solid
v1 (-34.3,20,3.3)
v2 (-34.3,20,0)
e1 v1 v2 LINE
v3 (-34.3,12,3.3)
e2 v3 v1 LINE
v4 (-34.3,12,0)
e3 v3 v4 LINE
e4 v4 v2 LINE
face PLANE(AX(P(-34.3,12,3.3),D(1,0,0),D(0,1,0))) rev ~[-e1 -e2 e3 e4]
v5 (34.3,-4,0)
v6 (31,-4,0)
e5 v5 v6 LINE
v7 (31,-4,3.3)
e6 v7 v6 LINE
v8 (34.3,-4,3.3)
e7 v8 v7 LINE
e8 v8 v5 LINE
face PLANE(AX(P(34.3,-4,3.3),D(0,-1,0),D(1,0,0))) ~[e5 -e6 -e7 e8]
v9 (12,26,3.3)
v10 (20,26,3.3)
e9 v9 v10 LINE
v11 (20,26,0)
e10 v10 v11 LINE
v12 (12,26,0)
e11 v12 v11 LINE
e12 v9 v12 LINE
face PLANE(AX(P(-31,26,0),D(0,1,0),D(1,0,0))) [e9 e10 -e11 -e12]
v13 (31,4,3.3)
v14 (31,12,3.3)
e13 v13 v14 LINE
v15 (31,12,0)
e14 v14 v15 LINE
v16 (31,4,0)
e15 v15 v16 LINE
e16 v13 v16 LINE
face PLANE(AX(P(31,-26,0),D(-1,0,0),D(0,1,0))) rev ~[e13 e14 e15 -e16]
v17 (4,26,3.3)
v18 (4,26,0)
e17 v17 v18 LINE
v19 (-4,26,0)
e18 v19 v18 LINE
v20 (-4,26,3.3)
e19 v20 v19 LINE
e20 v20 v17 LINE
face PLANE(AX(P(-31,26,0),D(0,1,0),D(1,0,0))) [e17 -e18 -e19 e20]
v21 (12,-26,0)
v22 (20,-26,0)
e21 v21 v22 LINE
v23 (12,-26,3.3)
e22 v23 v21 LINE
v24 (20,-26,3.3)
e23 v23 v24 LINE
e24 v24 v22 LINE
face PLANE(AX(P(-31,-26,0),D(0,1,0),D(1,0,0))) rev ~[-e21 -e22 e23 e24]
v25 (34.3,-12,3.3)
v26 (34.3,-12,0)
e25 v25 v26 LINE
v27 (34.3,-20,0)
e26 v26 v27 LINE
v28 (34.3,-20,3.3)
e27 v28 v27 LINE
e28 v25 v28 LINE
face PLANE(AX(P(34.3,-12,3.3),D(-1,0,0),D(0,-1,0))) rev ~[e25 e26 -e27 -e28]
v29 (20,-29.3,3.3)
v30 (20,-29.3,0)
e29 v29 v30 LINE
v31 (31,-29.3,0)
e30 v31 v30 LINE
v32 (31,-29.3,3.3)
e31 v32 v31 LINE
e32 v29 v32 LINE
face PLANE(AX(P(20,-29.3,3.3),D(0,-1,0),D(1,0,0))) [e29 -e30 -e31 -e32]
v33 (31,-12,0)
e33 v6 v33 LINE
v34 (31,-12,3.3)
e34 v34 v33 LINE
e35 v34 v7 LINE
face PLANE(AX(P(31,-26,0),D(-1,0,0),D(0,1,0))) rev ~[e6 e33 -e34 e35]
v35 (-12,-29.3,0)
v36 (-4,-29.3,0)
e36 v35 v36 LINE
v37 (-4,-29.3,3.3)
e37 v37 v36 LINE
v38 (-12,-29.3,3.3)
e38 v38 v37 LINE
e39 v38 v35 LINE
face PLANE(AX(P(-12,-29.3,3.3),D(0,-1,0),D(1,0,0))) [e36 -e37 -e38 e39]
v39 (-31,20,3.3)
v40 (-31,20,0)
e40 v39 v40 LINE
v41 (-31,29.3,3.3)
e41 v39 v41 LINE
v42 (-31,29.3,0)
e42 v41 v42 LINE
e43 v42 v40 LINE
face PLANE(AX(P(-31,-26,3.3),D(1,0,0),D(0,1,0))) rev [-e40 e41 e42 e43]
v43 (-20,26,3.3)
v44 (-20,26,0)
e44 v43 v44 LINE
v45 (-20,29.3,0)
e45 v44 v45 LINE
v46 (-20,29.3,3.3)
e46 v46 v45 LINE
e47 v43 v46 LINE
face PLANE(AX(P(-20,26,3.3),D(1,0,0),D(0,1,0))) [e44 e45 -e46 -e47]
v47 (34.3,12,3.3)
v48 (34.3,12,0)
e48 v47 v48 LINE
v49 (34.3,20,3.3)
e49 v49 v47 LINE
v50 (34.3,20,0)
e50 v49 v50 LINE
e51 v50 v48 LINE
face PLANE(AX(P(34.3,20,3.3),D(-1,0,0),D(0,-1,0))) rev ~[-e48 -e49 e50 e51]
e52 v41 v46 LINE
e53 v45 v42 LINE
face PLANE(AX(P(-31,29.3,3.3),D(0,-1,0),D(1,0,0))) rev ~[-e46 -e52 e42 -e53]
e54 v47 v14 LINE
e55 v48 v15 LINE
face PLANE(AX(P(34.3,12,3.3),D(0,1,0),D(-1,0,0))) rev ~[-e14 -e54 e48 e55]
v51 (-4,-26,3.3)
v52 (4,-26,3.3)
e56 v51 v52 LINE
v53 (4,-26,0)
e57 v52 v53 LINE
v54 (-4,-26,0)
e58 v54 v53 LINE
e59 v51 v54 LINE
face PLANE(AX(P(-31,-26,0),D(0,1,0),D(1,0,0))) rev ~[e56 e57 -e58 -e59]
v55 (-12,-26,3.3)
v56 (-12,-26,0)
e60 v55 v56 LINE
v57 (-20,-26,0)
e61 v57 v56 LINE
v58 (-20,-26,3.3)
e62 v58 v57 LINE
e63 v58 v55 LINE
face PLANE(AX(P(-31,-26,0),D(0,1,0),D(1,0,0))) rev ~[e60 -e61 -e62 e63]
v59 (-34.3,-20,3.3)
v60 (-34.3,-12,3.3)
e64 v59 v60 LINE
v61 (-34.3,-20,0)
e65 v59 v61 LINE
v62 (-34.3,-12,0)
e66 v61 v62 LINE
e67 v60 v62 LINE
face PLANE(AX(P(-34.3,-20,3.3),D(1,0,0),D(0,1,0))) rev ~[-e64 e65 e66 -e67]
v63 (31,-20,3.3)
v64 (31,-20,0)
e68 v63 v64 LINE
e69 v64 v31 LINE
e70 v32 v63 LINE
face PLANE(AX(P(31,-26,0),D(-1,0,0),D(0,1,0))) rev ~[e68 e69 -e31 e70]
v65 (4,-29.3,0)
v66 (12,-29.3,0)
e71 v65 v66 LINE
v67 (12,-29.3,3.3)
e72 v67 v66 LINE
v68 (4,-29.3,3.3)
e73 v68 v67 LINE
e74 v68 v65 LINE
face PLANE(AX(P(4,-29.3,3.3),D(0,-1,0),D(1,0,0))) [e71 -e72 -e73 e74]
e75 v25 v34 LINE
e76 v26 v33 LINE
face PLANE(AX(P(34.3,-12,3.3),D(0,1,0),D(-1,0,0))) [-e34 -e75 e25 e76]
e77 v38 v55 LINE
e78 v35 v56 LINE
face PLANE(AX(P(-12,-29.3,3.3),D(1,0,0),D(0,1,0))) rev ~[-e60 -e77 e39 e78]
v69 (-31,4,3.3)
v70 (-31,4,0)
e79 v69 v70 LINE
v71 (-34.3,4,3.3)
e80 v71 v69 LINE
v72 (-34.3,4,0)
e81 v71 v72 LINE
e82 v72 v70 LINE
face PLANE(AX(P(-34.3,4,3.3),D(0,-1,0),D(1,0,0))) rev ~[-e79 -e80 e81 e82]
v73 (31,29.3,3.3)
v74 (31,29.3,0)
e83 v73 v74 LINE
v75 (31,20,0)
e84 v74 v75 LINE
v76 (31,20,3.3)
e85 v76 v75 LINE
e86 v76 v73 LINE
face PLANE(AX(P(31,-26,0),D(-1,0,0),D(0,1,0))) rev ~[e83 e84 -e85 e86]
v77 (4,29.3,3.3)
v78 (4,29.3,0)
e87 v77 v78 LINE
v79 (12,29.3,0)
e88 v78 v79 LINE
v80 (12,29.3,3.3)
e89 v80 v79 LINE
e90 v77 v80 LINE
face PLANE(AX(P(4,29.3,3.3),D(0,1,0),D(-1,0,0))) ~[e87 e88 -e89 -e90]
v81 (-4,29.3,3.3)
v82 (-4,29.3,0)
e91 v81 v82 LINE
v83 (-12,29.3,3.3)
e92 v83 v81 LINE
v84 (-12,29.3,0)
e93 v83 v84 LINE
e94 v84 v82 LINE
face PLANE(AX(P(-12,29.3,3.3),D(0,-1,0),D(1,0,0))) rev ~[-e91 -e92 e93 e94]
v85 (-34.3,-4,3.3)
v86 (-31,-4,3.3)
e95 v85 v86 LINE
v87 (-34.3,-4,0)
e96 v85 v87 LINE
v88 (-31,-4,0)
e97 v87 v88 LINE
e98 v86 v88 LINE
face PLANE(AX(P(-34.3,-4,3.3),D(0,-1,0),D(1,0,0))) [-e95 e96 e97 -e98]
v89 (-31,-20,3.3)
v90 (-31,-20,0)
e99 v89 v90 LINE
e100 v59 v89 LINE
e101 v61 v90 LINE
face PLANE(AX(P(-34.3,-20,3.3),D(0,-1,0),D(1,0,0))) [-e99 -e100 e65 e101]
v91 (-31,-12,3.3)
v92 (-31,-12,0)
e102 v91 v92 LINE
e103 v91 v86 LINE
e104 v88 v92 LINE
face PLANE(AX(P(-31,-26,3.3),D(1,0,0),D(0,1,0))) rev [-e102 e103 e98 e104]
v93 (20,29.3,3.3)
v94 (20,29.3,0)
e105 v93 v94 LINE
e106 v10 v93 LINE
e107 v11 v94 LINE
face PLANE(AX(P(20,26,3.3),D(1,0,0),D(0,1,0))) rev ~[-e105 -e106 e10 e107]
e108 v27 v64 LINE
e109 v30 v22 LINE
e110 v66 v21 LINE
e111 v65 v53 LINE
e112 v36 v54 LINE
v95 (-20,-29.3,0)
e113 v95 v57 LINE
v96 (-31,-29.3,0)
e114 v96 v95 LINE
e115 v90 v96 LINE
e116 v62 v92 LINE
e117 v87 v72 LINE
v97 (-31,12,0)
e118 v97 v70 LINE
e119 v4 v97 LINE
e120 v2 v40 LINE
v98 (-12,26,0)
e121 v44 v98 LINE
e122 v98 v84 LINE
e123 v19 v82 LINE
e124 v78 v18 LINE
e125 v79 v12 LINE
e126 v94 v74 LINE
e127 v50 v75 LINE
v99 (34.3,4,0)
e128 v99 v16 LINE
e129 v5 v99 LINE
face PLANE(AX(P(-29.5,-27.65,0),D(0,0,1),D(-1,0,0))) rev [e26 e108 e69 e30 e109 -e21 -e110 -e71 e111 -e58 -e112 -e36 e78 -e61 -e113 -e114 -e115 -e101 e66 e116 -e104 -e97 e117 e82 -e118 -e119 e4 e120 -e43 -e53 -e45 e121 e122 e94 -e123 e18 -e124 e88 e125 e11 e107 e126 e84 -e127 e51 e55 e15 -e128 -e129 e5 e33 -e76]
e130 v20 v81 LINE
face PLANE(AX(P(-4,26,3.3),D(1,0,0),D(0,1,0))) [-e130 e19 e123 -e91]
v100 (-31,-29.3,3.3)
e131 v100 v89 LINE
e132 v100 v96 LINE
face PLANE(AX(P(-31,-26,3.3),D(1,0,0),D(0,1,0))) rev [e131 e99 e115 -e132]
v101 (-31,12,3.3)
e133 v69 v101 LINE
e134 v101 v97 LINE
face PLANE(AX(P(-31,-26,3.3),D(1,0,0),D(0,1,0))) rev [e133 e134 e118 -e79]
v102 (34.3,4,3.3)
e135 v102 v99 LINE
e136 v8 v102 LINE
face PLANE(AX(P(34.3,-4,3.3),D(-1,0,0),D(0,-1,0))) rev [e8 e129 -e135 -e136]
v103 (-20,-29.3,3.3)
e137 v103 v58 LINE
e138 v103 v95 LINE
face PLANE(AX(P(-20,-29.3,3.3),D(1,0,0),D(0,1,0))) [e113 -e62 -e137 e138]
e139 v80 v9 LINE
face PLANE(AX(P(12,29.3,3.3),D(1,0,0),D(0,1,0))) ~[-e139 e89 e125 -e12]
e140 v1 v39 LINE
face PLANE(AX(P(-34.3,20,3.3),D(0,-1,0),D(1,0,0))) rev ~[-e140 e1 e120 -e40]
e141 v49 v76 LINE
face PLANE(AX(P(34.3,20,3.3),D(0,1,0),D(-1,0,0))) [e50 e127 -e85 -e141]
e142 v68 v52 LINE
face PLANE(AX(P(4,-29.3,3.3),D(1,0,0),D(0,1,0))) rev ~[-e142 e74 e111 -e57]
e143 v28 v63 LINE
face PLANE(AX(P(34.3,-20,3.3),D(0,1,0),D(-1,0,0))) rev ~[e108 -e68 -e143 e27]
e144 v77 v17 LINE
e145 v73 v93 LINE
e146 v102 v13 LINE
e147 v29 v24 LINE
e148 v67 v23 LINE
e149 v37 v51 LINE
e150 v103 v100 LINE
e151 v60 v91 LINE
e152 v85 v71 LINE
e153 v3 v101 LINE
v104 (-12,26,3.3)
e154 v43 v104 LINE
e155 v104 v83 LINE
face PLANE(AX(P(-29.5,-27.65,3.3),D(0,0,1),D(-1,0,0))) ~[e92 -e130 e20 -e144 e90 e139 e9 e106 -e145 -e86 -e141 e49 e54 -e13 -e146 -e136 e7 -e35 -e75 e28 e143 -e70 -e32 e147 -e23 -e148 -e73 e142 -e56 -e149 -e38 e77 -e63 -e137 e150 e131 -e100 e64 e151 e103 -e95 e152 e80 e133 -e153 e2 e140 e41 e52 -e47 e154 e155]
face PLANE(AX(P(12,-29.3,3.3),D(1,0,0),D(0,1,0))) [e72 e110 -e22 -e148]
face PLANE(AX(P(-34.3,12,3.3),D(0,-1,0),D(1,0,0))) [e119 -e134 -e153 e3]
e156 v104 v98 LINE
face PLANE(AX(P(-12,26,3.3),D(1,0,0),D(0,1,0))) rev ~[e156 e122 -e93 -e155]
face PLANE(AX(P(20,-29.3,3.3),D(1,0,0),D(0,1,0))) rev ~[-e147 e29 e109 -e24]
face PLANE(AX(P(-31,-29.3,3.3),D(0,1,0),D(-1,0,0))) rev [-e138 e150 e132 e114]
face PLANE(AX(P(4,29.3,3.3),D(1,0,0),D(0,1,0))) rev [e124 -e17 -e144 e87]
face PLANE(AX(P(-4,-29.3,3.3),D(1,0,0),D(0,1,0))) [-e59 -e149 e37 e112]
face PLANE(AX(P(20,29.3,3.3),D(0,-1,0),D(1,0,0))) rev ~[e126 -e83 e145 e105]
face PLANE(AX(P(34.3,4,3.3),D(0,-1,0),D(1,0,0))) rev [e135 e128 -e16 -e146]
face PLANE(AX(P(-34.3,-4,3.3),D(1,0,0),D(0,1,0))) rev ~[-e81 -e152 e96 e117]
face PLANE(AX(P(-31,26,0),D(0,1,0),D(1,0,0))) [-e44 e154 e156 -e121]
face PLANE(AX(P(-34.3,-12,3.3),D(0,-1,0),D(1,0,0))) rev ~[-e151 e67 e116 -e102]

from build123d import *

# Parameters (mm, degrees)
ESQUISSE1_W                    = 62
ESQUISSE1_H                    = 52
BOSS_EXTRU_1_DEPTH             = 3.3
ESQUISSE2_W                    = 8
ESQUISSE2_H                    = 3.3
BOSS_EXTRU_2_DEPTH             = 3.3
R_P_TITION_LIN_AIRE1_COUNT     = 2
R_P_TITION_LIN_AIRE1_PITCH     = 16
R_P_TITION_LIN_AIRE1_COL_COUNT = 3
R_P_TITION_LIN_AIRE1_COL_PITCH = 16
SYM_TRIE1_COPY_1_SKETCH_W      = 8
SYM_TRIE1_COPY_1_SKETCH_H      = 3.3
SYM_TRIE1_COPY_1_DEPTH         = 3.3
SYM_TRIE1_COPY_2_SKETCH_W      = 8
SYM_TRIE1_COPY_2_SKETCH_H      = 3.3
SYM_TRIE1_COPY_2_DEPTH         = 3.3
SYM_TRIE1_COPY_3_SKETCH_W      = 8
SYM_TRIE1_COPY_3_SKETCH_H      = 3.3
SYM_TRIE1_COPY_3_DEPTH         = 3.3
ESQUISSE3_W                    = 3
ESQUISSE3_H                    = 3.3
BOSS_EXTRU_3_DEPTH             = 3.3
ESQUISSE4_W                    = 3.3
ESQUISSE4_H                    = 8
BOSS_EXTRU_4_DEPTH             = 3.3
R_P_TITION_LIN_AIRE2_COUNT     = 2
R_P_TITION_LIN_AIRE2_PITCH     = 16
R_P_TITION_LIN_AIRE2_COL_COUNT = 2
R_P_TITION_LIN_AIRE2_COL_PITCH = 16
SYM_TRIE3_COPY_1_SKETCH_W      = 3.3
SYM_TRIE3_COPY_1_SKETCH_H      = 8
SYM_TRIE3_COPY_1_DEPTH         = 3.3
SYM_TRIE3_COPY_2_SKETCH_W      = 3.3
SYM_TRIE3_COPY_2_SKETCH_H      = 8
SYM_TRIE3_COPY_2_DEPTH         = 3.3


with BuildPart() as part:
    # Esquisse1 → Boss.-Extru.1 (new body)
    with BuildSketch(Plane.XY):
        Rectangle(ESQUISSE1_W, ESQUISSE1_H)
    extrude(amount=BOSS_EXTRU_1_DEPTH)

    # Esquisse2 → Boss.-Extru.2 (add)
    with BuildSketch(Plane.XY.offset(3.3)):
        with Locations((8, -27.65)):
            Rectangle(ESQUISSE2_W, ESQUISSE2_H)
    boss_extru_2 = extrude(amount=-BOSS_EXTRU_2_DEPTH)

    # Répétition linéaire1: Boss.-Extru.2 ×2
    with Locations(*[(i * R_P_TITION_LIN_AIRE1_PITCH, 0, 0) for i in range(1, R_P_TITION_LIN_AIRE1_COUNT)]):
        add(boss_extru_2)

    # Répétition linéaire1 col: Boss.-Extru.2 ×3
    with Locations(*[(-i * R_P_TITION_LIN_AIRE1_COL_PITCH, 0, 0) for i in range(1, R_P_TITION_LIN_AIRE1_COL_COUNT)]):
        add(boss_extru_2)

    # Symétrie1: Boss.-Extru.2 across plane
    add(boss_extru_2.mirror(Plane.ZX))

    # Symétrie1 copy 1 sketch → Symétrie1 copy 1 (add)
    with BuildSketch(Plane(origin=(16, 0, 3.3), x_dir=(1, 0, 0), z_dir=(0, 0, 1))):
        with Locations((8, 27.65)):
            Rectangle(SYM_TRIE1_COPY_1_SKETCH_W, SYM_TRIE1_COPY_1_SKETCH_H)
    extrude(amount=-SYM_TRIE1_COPY_1_DEPTH)

    # Symétrie1 copy 2 sketch → Symétrie1 copy 2 (add)
    with BuildSketch(Plane(origin=(-16, 0, 3.3), x_dir=(1, 0, 0), z_dir=(0, 0, 1))):
        with Locations((8, 27.65)):
            Rectangle(SYM_TRIE1_COPY_2_SKETCH_W, SYM_TRIE1_COPY_2_SKETCH_H)
    extrude(amount=-SYM_TRIE1_COPY_2_DEPTH)

    # Symétrie1 copy 3 sketch → Symétrie1 copy 3 (add)
    with BuildSketch(Plane(origin=(-32, 0, 3.3), x_dir=(1, 0, 0), z_dir=(0, 0, 1))):
        with Locations((8, 27.65)):
            Rectangle(SYM_TRIE1_COPY_3_SKETCH_W, SYM_TRIE1_COPY_3_SKETCH_H)
    extrude(amount=-SYM_TRIE1_COPY_3_DEPTH)

    # Esquisse3 → Boss.-Extru.3 (add)
    with BuildSketch(Plane.XY.offset(3.3)):
        with Locations((-29.5, 27.65)):
            Rectangle(ESQUISSE3_W, ESQUISSE3_H)
        with Locations((29.5, 27.65)):
            Rectangle(ESQUISSE3_W, ESQUISSE3_H)
    boss_extru_3 = extrude(amount=-BOSS_EXTRU_3_DEPTH)

    # Symétrie2: Boss.-Extru.3 across plane
    add(boss_extru_3.mirror(Plane.ZX))

    # Esquisse4 → Boss.-Extru.4 (add)
    with BuildSketch(Plane.XY.offset(3.3)):
        with Locations((-32.65, 0)):
            Rectangle(ESQUISSE4_W, ESQUISSE4_H)
    boss_extru_4 = extrude(amount=-BOSS_EXTRU_4_DEPTH)

    # Répétition linéaire2: Boss.-Extru.4 ×2
    with Locations(*[(0, i * R_P_TITION_LIN_AIRE2_PITCH, 0) for i in range(1, R_P_TITION_LIN_AIRE2_COUNT)]):
        add(boss_extru_4)

    # Répétition linéaire2 col: Boss.-Extru.4 ×2
    with Locations(*[(0, -i * R_P_TITION_LIN_AIRE2_COL_PITCH, 0) for i in range(1, R_P_TITION_LIN_AIRE2_COL_COUNT)]):
        add(boss_extru_4)

    # Symétrie3: Boss.-Extru.4 across plane
    add(boss_extru_4.mirror(Plane(origin=(0, 0, 0), x_dir=(0, 0, 1), z_dir=(1, 0, 0))))

    # Symétrie3 copy 1 sketch → Symétrie3 copy 1 (add)
    with BuildSketch(Plane(origin=(0, 16, 3.3), x_dir=(-1, 0, 0), z_dir=(0, 0, 1))):
        with Locations((-32.65, 0)):
            Rectangle(SYM_TRIE3_COPY_1_SKETCH_W, SYM_TRIE3_COPY_1_SKETCH_H)
    extrude(amount=-SYM_TRIE3_COPY_1_DEPTH)

    # Symétrie3 copy 2 sketch → Symétrie3 copy 2 (add)
    with BuildSketch(Plane(origin=(0, -16, 3.3), x_dir=(-1, 0, 0), z_dir=(0, 0, 1))):
        with Locations((-32.65, 0)):
            Rectangle(SYM_TRIE3_COPY_2_SKETCH_W, SYM_TRIE3_COPY_2_SKETCH_H)
    extrude(amount=-SYM_TRIE3_COPY_2_DEPTH)


solid = part.part
